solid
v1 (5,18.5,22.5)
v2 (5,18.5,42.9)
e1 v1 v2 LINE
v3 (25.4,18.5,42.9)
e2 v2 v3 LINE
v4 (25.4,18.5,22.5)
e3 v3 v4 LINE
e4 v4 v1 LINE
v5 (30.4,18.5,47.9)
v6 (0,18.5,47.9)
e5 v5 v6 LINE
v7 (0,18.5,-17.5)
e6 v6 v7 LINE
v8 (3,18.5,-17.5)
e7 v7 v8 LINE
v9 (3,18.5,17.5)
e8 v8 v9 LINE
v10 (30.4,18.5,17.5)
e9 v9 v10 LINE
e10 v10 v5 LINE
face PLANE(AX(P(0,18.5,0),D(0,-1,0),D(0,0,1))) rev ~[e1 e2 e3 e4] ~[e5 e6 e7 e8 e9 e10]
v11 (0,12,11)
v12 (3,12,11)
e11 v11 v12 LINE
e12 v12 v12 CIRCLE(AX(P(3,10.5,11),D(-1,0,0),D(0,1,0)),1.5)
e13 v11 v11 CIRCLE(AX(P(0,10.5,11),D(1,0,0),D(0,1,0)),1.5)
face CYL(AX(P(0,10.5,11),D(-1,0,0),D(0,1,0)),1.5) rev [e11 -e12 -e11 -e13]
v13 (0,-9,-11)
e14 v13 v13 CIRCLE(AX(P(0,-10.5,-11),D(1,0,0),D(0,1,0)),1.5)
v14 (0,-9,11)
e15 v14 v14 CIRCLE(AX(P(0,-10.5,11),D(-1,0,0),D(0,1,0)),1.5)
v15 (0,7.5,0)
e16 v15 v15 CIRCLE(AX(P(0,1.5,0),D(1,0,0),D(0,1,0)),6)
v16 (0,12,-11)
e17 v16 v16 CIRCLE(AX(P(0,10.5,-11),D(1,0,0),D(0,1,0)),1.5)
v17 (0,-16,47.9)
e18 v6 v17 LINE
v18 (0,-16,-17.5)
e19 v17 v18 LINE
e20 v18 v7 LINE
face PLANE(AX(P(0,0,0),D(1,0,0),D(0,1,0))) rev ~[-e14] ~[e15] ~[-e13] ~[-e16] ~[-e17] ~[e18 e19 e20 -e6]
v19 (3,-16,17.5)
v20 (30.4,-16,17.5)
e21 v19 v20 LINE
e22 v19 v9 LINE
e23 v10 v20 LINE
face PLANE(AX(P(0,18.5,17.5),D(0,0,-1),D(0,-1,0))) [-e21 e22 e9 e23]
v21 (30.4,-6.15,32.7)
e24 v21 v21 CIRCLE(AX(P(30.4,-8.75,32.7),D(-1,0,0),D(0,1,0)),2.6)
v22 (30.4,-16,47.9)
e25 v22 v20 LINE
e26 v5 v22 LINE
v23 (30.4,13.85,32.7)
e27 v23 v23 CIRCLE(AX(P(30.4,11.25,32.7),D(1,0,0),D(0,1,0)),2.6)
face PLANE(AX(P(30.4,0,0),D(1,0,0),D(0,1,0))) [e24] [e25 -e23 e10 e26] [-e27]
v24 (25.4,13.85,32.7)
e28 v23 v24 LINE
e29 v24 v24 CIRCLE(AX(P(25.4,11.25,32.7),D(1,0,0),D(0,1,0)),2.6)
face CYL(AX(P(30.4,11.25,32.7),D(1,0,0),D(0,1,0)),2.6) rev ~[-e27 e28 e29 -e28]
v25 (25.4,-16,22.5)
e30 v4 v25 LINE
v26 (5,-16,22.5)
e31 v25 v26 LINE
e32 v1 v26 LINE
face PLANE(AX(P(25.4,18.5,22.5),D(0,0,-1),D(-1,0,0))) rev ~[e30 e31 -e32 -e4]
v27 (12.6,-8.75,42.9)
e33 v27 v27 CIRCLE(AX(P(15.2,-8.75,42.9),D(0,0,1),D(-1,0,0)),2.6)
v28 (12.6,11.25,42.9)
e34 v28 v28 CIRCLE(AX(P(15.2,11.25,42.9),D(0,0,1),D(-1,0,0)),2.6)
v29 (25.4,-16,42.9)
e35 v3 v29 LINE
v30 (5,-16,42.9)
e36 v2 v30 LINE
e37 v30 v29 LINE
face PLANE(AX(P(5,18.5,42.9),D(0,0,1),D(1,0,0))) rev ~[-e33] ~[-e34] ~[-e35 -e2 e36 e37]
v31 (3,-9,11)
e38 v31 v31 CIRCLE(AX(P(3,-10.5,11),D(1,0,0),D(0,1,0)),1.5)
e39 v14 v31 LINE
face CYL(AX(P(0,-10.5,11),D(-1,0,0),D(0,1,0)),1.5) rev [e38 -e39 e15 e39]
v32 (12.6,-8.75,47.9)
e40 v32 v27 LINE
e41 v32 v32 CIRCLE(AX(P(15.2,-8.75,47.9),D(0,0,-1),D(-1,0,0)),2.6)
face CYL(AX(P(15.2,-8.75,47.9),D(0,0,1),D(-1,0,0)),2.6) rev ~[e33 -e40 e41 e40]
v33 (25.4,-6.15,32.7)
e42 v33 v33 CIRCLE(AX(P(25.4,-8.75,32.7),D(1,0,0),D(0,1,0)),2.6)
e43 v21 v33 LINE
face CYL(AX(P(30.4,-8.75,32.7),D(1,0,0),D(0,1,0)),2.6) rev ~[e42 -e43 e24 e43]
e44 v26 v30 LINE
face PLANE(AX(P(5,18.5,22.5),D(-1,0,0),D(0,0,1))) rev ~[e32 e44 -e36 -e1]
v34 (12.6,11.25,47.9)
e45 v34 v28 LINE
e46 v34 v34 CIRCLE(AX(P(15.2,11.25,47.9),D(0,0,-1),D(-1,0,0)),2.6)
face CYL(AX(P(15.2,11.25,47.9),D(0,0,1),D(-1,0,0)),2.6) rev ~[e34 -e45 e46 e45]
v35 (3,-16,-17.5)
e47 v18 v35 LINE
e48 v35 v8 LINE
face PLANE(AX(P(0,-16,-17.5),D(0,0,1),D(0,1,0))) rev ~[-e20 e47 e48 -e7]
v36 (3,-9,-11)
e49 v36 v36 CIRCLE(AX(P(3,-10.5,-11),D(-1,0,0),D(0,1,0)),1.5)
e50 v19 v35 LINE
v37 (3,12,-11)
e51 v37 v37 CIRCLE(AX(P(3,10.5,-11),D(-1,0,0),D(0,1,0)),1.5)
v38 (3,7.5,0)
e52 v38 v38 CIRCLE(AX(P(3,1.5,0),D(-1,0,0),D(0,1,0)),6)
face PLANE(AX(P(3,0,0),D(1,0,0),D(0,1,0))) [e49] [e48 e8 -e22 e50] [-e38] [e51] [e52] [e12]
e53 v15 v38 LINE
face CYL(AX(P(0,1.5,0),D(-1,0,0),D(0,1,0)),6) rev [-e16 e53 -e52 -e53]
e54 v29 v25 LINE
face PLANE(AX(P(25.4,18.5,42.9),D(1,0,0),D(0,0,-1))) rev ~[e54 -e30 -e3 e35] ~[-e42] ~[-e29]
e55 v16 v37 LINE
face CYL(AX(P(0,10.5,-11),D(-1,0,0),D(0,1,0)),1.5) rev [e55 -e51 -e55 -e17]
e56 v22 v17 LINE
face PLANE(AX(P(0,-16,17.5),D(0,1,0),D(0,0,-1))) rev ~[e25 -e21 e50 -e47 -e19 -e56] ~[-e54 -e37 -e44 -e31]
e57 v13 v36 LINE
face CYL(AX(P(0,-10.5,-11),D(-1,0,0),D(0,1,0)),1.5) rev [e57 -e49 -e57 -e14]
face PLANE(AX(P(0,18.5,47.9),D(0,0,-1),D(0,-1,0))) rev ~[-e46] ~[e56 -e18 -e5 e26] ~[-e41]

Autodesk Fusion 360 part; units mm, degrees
sketch "스케치1" plane through (0, 0, 0) normal (1, 0, 0) x (0, 1, 0)
  line L0 (10.5, 11) -> (-10.5, 11)
  line L1 (-10.5, 11) -> (-10.5, -11)
  line L2 (-10.5, -11) -> (10.5, -11)
  line L3 (10.5, -11) -> (10.5, 11)
  line L4 (10.5, 11) -> (-10.5, -11) construction
  line L5 (-10.5, 11) -> (10.5, -11) construction
  circle A0 centre (10.5, 11) radius 1.5
  circle A1 centre (-10.5, 11) radius 1.5
  circle A2 centre (10.5, -11) radius 1.5
  circle A3 centre (-10.5, -11) radius 1.5
  line L6 (10.5, 0) -> (1.5, 0)
  circle A4 centre (1.5, 0) radius 6
  line L7 (10.5, 0) -> (18.5, 0)
  line L8 (1.5, 0) -> (-16, 0)
  line L9 (18.5, 0) -> (18.5, 17.5)
  line L10 (-16, 0) -> (-16, -17.5)
  line L11 (-16, -17.5) -> (18.5, -17.5)
  line L12 (18.5, -17.5) -> (18.5, 17.5)
  line L13 (18.5, 17.5) -> (-16, 17.5)
  line L14 (-16, 17.5) -> (-16, -17.5)
  line L15 (-16, 17.5) -> (18.5, 17.5)
  line L16 (18.5, 17.5) -> (18.5, 47.9)
  line L17 (18.5, 47.9) -> (-16, 47.9)
  line L18 (-16, 47.9) -> (-16, 17.5)
  dimension "d1" = 21
  dimension "d2" = 22
  dimension "d3" = 3
  dimension "d4" = 3
  dimension "d5" = 3
  dimension "d6" = 3
  dimension "d8" = 9
  dimension "d9" = 12
  dimension "d10" = 8
  dimension "d11" = 17.5
  dimension "d12" = 17.5
  dimension "d13" = 17.5
  dimension "d16" = 30.4
extrude "돌출1" add sketch "스케치1" along normal blind 3 contours L0 L1 L3 A0 A1 L7 L8 L9 L12 L13 L14 L15 | L0 L1 L3 A0 A1 L6 A4 L8 | L1 L2 L3 A2 A3 L6 A4 L8 | L1 L2 L3 A2 A3 L7 L8 L10 L11 L12 L14 | L13 L15 L16 L17 L18
extrude "돌출2" add sketch "스케치1" along normal blind 30.4 contours L13 L15 L16 L17 L18
sketch "스케치5" plane through (0, 18.5, 0) normal (0, 1, 0) x (-1, 0, 0)
  line L0 (-3, 17.5) -> (-3, -17.5)
  line L1 (-3, -17.5) -> (0, -17.5)
  line L2 (0, -17.5) -> (0, 47.9)
  line L3 (0, 47.9) -> (-30.4, 47.9)
  line L4 (-30.4, 47.9) -> (-30.4, 17.5)
  line L5 (-30.4, 17.5) -> (-3, 17.5)
  line L6 (-30.4, 47.9) -> (0, 47.9)
  line L7 (0, 47.9) -> (0, 17.5)
  line L8 (0, 17.5) -> (-30.4, 17.5)
  line L9 (-30.4, 17.5) -> (-30.4, 47.9)
  line L10 (-5, 42.9) -> (-25.4, 42.9)
  line L11 (-25.4, 42.9) -> (-25.4, 22.5)
  line L12 (-25.4, 22.5) -> (-5, 22.5)
  line L13 (-5, 22.5) -> (-5, 42.9)
  line L14 (-5, 42.9) -> (-25.4, 22.5) construction
  line L15 (-25.4, 42.9) -> (-5, 22.5) construction
  point P0 (-15.2, 32.7)
  dimension "d37" = 20.4
  dimension "d38" = 20.4
extrude "돌출7" cut sketch "스케치5" against normal blind 100 contours L10 L11 L12 L13
sketch "스케치6" plane through (0, 0, 47.9) normal (0, 0, 1) x (-1, 0, 0)
  line L0 (0, -18.5) -> (0, 16)
  line L1 (0, 16) -> (-30.4, 16)
  line L2 (-30.4, 16) -> (-30.4, -18.5)
  line L3 (-30.4, -18.5) -> (0, -18.5)
  line L4 (-15.2, 16) -> (-15.2, 8.75)
  circle A0 centre (-15.2, 8.75) radius 2.6
  line L5 (-15.2, -18.5) -> (-15.2, -11.25)
  circle A1 centre (-15.2, -11.25) radius 2.6
  dimension "d41" = 7.25
  dimension "d42" = 5.2
  dimension "d43" = 7.25
  dimension "d44" = 5.2
extrude "돌출8" cut sketch "스케치6" against normal blind 5 contours A0 | A1
sketch "스케치7" plane through (30.4, 0, 0) normal (1, 0, 0) x (0, 1, 0)
  line L0 (-16, 47.9) -> (-16, 17.5)
  line L1 (-16, 17.5) -> (18.5, 17.5)
  line L2 (18.5, 17.5) -> (18.5, 47.9)
  line L3 (18.5, 47.9) -> (-16, 47.9)
  line L4 (-16, 32.7) -> (-8.75, 32.7)
  circle A0 centre (-8.75, 32.7) radius 2.6
  line L5 (18.5, 32.7) -> (11.25, 32.7)
  circle A1 centre (11.25, 32.7) radius 2.6
  dimension "d47" = 7.25
  dimension "d48" = 5.2
  dimension "d49" = 7.25
  dimension "d50" = 5.2
extrude "돌출9" cut sketch "스케치7" against normal blind 5 contours A0 | A1
extrude "돌출6" [suppressed]
